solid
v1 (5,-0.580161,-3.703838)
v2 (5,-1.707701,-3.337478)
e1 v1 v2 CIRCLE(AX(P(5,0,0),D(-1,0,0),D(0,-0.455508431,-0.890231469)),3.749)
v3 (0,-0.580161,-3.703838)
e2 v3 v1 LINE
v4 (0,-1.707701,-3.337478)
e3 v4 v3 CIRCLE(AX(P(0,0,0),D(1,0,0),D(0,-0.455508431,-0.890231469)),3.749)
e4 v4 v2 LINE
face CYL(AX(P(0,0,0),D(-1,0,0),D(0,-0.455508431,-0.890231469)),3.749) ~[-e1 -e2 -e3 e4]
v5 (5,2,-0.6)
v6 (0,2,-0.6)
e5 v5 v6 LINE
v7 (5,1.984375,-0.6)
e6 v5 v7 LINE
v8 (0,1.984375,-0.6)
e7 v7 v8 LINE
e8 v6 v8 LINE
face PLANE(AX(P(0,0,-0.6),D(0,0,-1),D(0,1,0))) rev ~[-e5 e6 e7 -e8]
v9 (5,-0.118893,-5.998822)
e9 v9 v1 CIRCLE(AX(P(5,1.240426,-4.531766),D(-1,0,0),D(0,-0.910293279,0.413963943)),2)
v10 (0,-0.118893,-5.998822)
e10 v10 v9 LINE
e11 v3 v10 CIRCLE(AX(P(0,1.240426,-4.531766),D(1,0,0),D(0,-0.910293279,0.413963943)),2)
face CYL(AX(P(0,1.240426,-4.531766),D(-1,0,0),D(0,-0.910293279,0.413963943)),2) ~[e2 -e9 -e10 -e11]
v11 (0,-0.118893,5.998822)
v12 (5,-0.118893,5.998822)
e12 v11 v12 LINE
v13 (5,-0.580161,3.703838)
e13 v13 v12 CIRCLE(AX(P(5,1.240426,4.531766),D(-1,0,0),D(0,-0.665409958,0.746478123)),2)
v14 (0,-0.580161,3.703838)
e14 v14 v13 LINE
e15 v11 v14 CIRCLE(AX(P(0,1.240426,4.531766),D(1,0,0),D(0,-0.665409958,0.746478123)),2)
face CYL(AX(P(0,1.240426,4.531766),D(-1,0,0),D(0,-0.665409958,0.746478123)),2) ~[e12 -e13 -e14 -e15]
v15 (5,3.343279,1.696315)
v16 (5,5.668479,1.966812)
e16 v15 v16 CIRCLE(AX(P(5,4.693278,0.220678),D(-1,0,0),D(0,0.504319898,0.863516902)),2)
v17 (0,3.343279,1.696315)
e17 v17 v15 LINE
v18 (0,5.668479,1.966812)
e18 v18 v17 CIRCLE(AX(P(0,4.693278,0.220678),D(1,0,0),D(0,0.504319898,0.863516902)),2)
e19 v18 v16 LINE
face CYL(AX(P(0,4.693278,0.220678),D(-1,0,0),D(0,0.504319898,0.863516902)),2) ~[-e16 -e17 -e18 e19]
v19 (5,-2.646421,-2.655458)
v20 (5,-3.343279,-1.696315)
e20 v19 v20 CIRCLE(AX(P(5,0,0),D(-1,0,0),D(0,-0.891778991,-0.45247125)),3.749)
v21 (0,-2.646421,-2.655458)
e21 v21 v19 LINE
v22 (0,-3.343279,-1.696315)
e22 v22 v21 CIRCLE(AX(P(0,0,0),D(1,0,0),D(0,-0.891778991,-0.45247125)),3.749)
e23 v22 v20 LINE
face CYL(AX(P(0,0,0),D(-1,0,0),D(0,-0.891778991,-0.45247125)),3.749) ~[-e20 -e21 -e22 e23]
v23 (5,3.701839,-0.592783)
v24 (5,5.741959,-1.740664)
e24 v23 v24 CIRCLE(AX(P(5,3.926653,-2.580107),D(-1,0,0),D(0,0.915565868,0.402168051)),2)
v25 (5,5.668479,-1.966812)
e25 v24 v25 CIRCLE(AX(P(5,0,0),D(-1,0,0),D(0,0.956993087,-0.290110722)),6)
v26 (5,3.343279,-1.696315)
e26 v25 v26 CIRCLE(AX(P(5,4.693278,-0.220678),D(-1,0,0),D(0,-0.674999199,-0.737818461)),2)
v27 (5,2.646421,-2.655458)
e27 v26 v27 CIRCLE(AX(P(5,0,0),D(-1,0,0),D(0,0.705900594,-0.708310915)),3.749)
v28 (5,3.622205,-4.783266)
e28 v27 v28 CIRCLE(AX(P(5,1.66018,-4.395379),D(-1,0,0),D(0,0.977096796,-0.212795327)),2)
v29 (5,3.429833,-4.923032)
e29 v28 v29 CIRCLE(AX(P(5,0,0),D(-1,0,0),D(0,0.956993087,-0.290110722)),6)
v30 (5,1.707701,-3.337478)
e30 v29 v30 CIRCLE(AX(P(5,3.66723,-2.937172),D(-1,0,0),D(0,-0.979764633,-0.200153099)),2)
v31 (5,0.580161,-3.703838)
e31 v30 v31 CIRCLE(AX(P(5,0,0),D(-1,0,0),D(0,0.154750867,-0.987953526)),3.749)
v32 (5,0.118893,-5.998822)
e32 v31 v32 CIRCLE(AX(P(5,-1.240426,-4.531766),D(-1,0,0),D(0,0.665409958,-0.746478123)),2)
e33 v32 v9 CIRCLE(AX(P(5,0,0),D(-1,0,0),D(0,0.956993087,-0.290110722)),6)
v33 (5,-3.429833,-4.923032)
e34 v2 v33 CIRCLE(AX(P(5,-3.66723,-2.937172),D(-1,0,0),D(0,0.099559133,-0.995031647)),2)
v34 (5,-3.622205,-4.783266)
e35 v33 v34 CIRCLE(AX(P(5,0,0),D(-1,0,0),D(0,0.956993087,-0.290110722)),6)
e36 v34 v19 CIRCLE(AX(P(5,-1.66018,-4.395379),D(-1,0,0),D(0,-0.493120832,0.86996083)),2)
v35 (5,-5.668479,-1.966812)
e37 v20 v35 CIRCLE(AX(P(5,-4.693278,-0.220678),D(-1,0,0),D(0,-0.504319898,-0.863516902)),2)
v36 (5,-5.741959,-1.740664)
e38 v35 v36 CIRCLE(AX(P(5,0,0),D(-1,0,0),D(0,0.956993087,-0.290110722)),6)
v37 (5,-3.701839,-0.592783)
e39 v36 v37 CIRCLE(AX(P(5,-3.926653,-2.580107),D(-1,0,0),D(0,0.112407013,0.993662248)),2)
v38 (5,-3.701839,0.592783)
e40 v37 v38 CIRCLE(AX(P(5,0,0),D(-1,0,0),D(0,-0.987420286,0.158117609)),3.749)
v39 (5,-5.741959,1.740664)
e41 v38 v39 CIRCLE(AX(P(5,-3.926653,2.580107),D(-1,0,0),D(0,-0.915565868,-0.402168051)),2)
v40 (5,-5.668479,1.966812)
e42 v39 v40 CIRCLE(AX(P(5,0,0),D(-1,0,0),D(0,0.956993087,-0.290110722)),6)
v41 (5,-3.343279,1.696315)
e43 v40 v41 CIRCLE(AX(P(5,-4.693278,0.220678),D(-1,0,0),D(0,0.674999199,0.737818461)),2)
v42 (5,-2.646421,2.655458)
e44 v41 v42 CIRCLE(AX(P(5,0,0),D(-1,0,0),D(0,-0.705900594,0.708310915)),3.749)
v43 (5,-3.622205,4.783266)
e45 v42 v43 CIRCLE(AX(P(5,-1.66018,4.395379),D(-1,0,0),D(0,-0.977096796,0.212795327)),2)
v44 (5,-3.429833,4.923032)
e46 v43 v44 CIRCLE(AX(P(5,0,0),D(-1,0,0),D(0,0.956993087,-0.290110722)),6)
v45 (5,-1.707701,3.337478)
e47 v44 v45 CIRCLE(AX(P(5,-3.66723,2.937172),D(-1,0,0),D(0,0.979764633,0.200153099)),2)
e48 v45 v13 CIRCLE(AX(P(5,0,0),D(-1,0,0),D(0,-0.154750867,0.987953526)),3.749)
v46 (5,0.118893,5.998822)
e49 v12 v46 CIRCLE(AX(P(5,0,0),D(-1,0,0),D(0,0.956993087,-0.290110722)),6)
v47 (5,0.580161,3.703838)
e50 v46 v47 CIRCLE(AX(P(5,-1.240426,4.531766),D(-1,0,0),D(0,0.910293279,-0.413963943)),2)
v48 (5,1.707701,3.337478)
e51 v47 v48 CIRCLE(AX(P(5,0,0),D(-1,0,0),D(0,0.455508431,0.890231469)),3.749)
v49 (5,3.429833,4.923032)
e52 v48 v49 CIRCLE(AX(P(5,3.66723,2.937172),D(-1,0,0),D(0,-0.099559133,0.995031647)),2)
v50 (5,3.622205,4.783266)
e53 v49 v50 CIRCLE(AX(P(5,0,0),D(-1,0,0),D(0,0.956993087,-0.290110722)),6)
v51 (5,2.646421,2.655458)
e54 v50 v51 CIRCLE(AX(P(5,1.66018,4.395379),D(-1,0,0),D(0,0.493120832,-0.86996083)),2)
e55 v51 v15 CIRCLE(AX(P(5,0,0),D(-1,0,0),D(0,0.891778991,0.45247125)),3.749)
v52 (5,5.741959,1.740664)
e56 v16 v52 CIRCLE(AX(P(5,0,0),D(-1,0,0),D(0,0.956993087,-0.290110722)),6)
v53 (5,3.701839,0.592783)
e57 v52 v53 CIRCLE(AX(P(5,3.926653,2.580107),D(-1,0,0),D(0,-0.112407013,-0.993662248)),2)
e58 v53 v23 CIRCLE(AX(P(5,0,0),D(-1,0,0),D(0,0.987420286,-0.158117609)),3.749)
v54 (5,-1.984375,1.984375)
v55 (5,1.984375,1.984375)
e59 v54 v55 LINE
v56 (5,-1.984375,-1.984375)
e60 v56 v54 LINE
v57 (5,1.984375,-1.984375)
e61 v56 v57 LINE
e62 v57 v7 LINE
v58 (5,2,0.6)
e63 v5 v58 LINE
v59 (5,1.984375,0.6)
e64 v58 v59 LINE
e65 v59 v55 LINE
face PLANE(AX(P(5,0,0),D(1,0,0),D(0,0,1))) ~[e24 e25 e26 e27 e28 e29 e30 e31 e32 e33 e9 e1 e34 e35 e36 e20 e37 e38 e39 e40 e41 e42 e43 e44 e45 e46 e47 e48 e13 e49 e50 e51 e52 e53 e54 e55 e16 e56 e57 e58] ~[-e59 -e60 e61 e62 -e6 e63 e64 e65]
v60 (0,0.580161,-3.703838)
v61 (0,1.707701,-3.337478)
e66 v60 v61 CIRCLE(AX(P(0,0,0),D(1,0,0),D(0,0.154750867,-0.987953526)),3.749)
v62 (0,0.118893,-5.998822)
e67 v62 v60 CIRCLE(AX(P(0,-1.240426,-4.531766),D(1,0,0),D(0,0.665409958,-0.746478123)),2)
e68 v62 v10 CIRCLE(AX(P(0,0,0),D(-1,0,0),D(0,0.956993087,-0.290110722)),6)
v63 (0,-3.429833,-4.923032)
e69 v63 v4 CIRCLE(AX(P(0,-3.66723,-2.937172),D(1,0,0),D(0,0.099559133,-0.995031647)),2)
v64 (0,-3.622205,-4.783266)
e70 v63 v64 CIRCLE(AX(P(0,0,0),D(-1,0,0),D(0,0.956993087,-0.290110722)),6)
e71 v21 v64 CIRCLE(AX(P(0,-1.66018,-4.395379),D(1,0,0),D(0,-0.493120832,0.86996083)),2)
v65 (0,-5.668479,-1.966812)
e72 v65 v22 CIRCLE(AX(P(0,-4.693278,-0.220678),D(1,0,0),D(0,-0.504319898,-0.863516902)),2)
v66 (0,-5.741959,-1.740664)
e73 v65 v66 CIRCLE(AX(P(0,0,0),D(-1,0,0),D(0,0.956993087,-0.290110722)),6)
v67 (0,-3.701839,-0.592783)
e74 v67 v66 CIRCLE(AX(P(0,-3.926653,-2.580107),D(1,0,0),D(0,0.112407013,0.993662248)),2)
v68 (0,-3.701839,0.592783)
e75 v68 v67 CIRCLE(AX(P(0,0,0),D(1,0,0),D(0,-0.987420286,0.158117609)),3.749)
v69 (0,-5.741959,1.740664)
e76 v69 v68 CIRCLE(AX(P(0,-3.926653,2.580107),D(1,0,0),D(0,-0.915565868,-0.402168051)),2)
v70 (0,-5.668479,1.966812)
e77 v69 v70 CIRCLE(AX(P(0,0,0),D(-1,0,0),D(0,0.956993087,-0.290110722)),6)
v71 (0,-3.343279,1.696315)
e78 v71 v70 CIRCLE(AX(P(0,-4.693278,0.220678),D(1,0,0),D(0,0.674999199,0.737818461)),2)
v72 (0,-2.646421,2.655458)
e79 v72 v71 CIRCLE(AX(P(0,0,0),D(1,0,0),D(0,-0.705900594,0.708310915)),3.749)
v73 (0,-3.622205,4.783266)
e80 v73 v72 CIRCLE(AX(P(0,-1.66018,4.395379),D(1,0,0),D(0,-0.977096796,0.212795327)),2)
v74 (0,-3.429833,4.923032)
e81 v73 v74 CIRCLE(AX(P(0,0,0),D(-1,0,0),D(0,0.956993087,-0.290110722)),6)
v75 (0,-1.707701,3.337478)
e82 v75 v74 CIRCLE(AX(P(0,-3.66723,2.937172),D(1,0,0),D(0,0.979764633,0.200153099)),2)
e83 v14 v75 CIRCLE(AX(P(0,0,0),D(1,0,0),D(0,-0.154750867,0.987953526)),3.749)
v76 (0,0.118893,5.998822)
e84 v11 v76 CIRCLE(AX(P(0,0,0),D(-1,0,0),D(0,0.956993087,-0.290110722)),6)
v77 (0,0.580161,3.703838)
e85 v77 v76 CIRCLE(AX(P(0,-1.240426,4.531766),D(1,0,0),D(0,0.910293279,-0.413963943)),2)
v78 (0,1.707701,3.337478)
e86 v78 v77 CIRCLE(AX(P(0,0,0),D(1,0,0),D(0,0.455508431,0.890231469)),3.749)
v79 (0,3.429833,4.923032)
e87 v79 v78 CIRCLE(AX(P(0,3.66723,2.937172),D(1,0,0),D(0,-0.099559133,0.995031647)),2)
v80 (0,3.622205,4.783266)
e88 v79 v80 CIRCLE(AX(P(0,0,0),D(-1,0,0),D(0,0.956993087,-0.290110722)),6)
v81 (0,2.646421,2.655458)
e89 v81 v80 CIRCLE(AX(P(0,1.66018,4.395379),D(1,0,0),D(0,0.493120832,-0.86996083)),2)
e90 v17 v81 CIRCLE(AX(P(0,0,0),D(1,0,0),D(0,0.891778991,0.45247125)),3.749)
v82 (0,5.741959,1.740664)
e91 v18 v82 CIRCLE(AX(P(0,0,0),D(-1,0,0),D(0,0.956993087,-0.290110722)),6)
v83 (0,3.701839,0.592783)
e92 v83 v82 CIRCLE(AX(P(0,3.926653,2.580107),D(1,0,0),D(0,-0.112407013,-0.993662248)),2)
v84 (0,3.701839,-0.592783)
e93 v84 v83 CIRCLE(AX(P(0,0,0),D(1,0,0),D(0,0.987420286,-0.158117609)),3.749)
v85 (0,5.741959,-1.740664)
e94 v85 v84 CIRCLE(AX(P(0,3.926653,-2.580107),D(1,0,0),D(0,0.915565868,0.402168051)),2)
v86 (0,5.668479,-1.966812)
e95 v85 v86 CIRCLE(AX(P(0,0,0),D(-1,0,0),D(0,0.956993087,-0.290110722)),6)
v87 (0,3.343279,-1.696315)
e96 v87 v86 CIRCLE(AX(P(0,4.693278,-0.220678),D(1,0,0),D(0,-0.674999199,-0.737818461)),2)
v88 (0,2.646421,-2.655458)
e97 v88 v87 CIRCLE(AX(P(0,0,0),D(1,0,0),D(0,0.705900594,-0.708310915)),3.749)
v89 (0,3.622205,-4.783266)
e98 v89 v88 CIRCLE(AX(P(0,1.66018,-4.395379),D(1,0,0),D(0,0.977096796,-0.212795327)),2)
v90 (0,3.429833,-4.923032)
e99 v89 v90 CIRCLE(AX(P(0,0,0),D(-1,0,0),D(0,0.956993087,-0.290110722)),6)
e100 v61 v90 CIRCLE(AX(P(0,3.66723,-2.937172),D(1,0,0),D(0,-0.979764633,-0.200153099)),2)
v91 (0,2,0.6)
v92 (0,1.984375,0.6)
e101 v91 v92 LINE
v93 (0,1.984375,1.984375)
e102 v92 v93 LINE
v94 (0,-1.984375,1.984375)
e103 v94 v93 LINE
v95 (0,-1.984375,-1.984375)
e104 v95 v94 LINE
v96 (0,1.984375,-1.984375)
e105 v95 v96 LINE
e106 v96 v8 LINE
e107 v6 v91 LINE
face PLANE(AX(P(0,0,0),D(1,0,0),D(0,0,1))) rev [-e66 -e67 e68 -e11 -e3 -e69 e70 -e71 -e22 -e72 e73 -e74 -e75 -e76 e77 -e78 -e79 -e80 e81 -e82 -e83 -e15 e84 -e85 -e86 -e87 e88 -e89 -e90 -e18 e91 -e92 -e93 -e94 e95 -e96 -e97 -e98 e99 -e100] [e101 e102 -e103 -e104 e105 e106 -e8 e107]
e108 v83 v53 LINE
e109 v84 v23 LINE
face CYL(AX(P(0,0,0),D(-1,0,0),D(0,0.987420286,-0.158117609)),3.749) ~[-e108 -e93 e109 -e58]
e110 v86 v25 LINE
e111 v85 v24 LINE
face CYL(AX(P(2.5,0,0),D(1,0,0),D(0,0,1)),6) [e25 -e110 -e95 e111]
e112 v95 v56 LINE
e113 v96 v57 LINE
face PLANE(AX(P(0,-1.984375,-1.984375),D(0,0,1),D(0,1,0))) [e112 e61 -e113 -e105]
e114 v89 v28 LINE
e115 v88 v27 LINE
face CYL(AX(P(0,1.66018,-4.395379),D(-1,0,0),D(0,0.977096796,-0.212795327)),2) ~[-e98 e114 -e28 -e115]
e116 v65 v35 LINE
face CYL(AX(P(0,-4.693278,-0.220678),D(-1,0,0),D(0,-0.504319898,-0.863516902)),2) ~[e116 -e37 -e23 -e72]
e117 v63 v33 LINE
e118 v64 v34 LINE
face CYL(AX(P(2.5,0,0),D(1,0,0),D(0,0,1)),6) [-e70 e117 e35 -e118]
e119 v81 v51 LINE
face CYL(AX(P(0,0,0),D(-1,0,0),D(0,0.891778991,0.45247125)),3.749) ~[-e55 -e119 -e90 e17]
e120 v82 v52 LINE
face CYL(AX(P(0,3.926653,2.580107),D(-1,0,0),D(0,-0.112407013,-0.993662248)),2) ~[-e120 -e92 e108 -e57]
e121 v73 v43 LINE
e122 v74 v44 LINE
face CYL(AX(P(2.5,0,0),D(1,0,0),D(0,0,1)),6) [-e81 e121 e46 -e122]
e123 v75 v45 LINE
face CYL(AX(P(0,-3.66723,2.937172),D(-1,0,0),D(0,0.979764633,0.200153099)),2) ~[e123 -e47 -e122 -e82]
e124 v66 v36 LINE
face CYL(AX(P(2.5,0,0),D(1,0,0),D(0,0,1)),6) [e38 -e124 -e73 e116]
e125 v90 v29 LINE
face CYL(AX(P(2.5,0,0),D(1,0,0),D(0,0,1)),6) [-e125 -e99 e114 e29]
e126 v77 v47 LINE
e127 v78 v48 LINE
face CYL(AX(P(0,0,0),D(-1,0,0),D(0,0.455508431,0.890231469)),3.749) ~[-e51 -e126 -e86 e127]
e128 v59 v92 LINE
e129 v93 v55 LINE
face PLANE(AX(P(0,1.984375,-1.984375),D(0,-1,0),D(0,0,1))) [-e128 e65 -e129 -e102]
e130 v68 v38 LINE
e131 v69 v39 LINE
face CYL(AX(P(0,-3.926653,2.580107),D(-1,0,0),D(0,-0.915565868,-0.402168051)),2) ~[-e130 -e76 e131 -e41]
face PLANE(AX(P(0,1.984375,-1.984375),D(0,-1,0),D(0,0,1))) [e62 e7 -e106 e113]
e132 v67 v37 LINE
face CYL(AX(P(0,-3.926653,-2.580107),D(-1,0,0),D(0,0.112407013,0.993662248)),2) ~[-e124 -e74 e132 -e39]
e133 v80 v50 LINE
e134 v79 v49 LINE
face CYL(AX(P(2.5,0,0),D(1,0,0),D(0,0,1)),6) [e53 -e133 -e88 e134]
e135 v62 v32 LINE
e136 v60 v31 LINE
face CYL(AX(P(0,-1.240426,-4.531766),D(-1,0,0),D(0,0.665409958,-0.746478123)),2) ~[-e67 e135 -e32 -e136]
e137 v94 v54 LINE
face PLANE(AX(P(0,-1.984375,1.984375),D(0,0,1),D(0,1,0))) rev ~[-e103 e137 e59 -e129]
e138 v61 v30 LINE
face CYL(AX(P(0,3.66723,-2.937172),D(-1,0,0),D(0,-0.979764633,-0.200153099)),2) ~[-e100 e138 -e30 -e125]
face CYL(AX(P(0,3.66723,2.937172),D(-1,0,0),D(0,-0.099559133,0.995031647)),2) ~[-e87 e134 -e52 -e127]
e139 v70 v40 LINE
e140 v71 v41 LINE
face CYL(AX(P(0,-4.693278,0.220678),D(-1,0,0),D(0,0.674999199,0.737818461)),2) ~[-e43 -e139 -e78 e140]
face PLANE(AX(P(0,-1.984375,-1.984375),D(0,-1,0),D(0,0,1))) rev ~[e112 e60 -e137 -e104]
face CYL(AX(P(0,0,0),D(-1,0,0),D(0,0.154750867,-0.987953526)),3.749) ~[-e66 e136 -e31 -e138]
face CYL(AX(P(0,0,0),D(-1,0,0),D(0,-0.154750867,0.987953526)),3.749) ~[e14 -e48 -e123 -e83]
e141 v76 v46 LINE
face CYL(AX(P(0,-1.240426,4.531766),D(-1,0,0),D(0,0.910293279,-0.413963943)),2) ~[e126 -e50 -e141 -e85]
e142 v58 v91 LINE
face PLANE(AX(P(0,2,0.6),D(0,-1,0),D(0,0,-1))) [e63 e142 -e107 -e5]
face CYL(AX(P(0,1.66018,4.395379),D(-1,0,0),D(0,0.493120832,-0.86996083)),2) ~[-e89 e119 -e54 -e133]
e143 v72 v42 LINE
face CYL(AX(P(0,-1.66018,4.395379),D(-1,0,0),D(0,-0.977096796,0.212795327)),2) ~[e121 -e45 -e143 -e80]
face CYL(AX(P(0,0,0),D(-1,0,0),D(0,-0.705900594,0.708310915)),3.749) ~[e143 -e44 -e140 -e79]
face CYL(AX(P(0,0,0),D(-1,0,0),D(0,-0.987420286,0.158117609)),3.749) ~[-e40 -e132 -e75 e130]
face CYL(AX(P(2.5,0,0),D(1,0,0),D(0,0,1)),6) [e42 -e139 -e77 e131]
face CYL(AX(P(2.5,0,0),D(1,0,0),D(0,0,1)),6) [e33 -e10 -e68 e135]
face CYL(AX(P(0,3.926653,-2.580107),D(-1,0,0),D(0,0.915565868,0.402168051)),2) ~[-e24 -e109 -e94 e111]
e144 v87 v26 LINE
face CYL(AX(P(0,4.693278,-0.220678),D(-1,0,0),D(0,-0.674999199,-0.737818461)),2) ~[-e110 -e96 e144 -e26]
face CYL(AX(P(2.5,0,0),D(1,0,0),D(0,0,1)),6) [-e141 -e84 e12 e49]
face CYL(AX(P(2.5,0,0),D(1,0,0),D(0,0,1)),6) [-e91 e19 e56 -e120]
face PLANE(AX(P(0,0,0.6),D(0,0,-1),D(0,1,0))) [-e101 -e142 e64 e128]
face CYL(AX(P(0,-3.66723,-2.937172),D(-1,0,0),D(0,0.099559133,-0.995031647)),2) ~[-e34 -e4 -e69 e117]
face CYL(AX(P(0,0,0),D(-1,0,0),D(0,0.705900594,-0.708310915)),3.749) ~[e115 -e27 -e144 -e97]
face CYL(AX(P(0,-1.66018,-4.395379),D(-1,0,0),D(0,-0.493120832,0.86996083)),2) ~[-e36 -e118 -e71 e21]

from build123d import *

# Parameters (mm, degrees)
BASPROSKE_W        = 5
BASPROSKE_H        = 6
TOOTHCUT_DEPTH     = 10.848857802
TEETHCUTS_COUNT    = 10
TEETHCUTS_ANGLE    = 324
BORSKE_R           = 1.5
BORE_DEPTH         = 50.0000508
KEYSKE_W           = 1.2
KEYSKE_H           = 2
KEYWAY_DEPTH       = 50.0000508
SKETCH1_W          = 3.96875
SKETCH1_H          = 3.96875
CUT_EXTRUDE1_DEPTH = 10.693816982


with BuildPart() as part:
    # BasProSke → Base-Revolve (revolve)
    with BuildSketch(Plane(origin=(0, 0, 0), x_dir=(1, 0, 0), z_dir=(0, 1, 0)), mode=Mode.PRIVATE) as base_revolve_sk:
        with Locations((2.5, 3)):
            Rectangle(BASPROSKE_W, BASPROSKE_H)
    revolve(base_revolve_sk.sketch.rotate(Axis((-10, 0, 0), (1, 0, 0)), 180), axis=Axis((-10, 0, 0), (1, 0, 0)))

    # TooCutSke → ToothCut (cut, through all)
    with BuildSketch(Plane(origin=(0, 0, 0), x_dir=(0, 0, -1), z_dir=(1, 0, 0))):
        with BuildLine():
            ThreePointArc((0.59278292, 3.701838653), (0, 3.749), (-0.59278292, 3.701838653))
            ThreePointArc((-0.59278292, 3.701838653), (-0.846593509, 4.924114224), (-1.775771316, 5.757784417))
            ThreePointArc((-1.775771316, 5.757784417), (0, 6.0254), (1.775771316, 5.757784417))
            ThreePointArc((1.775771316, 5.757784417), (0.846593509, 4.924114224), (0.59278292, 3.701838653))
        make_face()
    toothcut = extrude(amount=TOOTHCUT_DEPTH, mode=Mode.SUBTRACT)

    # TeethCuts: ToothCut ×10 about axis
    teethcuts_axis = Axis((-10, 0, 0), (1, 0, 0))
    for i in range(1, TEETHCUTS_COUNT):
        add(toothcut.rotate(teethcuts_axis, i * TEETHCUTS_ANGLE / (TEETHCUTS_COUNT - 1)), mode=Mode.SUBTRACT)

    # BorSke → Bore (cut, symmetric)
    with BuildSketch(Plane(origin=(0, 0, 0), x_dir=(0, 0, -1), z_dir=(1, 0, 0))):
        with Locations(Location((0, 0, 0), (0, 0, 180))):
            Circle(BORSKE_R)
    extrude(amount=BORE_DEPTH, both=True, mode=Mode.SUBTRACT)

    # KeySke → Keyway (cut, symmetric)
    with BuildSketch(Plane(origin=(0, 0, 0), x_dir=(0, 0, -1), z_dir=(1, 0, 0))):
        with Locations((0, 1)):
            Rectangle(KEYSKE_W, KEYSKE_H)
    extrude(amount=KEYWAY_DEPTH, both=True, mode=Mode.SUBTRACT)

    # Sketch1 → Cut-Extrude1 (cut, through all)
    with BuildSketch(Plane.ZY):
        Rectangle(SKETCH1_W, SKETCH1_H)
    extrude(amount=-CUT_EXTRUDE1_DEPTH, mode=Mode.SUBTRACT)


solid = part.part
